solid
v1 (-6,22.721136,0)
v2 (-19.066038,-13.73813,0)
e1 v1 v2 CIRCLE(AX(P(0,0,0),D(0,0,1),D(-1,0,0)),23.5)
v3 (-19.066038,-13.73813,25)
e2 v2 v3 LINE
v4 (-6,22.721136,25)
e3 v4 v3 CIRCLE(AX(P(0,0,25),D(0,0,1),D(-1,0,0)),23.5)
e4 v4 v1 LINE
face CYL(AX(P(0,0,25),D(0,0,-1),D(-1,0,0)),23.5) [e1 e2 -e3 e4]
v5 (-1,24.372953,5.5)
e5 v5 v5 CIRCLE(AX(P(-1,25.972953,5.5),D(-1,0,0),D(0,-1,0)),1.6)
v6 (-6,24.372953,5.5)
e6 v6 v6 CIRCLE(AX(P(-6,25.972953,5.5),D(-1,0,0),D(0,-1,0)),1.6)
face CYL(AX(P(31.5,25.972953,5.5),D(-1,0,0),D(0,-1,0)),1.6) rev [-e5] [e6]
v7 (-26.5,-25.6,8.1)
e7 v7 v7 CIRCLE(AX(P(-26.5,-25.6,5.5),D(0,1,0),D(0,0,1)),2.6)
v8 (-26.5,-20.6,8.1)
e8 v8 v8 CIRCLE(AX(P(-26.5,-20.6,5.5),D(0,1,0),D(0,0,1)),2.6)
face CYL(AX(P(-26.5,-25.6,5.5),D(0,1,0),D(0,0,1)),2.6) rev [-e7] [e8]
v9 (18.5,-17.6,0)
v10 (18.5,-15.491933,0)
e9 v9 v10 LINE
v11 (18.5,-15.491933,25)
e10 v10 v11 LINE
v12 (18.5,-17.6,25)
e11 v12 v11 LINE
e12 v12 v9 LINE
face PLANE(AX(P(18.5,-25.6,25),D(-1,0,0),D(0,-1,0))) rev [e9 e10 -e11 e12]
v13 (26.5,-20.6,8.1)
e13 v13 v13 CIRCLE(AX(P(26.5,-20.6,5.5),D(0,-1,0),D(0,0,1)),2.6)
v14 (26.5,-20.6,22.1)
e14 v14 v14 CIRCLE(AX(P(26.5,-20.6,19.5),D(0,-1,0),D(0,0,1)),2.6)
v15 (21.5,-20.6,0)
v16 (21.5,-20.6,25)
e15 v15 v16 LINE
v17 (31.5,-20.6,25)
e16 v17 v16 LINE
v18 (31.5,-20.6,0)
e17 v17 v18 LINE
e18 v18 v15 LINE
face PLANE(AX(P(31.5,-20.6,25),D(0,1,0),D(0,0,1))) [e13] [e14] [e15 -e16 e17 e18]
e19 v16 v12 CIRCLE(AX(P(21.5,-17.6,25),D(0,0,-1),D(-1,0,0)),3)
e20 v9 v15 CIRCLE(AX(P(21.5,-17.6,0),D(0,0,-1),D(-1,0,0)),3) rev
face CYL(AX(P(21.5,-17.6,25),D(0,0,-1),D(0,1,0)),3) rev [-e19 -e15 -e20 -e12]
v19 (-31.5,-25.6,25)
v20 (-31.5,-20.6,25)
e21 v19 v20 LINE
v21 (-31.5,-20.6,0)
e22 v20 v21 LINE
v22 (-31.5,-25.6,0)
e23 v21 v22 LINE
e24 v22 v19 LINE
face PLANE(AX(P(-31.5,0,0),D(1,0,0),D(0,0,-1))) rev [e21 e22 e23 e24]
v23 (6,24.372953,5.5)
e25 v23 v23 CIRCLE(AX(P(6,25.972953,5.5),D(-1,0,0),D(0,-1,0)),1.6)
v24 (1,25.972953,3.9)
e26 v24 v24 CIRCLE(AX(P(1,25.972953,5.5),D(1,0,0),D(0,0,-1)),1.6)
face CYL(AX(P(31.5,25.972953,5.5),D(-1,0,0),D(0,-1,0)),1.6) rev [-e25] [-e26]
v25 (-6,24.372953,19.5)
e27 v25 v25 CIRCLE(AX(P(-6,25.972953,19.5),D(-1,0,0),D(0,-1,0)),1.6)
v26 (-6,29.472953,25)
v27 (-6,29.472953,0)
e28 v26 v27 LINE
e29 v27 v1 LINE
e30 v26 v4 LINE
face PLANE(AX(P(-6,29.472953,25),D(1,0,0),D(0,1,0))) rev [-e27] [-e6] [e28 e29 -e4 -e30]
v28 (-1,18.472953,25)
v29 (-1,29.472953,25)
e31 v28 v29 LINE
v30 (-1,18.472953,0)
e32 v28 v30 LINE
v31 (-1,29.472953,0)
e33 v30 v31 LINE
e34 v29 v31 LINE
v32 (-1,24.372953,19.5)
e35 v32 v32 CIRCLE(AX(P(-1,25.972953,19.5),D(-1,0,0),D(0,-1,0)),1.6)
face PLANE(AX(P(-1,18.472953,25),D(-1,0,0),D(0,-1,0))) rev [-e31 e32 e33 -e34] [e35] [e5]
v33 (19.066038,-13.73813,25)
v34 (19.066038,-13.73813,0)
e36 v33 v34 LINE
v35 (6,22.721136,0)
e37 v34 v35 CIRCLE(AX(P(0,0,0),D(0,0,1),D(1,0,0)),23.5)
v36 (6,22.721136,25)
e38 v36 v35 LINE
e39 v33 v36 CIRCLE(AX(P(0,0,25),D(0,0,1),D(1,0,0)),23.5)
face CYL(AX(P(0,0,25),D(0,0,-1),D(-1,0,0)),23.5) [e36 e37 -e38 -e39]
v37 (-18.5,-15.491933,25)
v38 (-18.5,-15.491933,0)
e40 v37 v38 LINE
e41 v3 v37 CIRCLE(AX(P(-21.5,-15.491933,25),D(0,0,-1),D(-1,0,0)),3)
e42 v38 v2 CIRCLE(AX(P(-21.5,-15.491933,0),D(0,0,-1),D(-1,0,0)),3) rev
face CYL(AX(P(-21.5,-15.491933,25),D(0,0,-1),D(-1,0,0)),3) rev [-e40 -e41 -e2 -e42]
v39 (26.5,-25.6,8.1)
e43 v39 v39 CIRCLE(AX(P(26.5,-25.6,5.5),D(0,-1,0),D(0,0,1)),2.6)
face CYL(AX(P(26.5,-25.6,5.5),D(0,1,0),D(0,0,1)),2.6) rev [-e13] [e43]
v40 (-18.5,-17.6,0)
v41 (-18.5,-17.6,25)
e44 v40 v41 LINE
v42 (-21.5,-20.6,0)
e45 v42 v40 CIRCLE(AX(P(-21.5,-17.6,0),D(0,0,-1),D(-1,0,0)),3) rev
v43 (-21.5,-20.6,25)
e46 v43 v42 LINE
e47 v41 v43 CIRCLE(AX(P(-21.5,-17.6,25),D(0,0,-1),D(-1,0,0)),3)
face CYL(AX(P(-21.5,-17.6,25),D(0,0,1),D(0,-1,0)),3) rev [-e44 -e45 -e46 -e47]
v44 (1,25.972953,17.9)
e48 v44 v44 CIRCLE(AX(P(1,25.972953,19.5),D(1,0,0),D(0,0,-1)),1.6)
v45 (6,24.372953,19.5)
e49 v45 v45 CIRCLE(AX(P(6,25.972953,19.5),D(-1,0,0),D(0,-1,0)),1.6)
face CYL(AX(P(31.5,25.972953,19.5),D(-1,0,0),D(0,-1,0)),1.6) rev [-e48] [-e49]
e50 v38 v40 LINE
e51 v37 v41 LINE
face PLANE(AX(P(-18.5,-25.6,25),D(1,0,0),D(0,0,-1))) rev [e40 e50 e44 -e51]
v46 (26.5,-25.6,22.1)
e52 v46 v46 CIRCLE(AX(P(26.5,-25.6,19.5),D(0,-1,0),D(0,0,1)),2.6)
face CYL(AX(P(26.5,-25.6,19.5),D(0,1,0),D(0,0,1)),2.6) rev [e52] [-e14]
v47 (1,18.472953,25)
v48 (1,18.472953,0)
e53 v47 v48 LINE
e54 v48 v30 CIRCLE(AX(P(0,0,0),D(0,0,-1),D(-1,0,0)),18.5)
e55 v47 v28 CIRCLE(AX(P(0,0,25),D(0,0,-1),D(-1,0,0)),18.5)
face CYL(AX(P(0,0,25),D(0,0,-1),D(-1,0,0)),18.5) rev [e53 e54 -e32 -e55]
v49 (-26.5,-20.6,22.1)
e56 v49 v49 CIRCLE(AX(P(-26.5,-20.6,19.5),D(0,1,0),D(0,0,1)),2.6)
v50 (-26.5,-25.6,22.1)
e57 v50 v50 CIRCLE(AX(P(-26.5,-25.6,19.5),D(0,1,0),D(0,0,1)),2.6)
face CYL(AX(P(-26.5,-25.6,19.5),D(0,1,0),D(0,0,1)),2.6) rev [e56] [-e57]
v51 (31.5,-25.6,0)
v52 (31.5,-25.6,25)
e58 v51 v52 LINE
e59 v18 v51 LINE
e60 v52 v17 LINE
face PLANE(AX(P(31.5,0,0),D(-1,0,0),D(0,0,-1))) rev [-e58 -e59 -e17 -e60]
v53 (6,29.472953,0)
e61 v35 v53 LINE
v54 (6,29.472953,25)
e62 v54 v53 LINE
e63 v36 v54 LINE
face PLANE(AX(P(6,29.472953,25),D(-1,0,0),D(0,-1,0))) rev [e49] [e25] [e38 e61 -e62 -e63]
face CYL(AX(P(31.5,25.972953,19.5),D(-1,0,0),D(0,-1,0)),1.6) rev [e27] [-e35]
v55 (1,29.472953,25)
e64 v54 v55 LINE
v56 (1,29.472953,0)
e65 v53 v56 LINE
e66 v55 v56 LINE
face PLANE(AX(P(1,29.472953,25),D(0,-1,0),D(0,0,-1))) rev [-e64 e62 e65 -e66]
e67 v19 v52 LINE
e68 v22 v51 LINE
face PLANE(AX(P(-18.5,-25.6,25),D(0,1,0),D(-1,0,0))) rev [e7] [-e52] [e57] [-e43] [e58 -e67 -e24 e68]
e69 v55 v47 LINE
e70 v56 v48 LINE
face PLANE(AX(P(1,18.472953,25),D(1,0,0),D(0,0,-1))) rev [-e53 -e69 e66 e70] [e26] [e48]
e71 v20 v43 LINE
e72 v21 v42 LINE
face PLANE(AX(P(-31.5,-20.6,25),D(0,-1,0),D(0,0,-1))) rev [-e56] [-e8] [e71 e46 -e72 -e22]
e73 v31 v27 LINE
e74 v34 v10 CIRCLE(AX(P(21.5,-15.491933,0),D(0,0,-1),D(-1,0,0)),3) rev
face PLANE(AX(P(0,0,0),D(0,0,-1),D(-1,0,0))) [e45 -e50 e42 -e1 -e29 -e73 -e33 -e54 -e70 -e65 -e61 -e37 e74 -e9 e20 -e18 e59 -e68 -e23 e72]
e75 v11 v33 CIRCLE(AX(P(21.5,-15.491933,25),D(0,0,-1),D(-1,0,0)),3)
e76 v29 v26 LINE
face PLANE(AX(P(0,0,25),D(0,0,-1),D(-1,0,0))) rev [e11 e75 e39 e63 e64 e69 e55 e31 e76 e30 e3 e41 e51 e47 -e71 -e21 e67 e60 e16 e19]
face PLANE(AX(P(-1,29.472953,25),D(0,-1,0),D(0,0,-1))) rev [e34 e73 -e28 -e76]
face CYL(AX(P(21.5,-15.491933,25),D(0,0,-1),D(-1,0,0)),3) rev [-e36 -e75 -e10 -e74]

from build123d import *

# Parameters (mm, degrees)
BOSS_EXTRUDE1_DEPTH = 25
SKETCH2_W           = 25
SKETCH2_H           = 5
BOSS_EXTRUDE2_DEPTH = 13
FILLET1_R           = 3
SKETCH3_R           = 2.6
CUT_EXTRUDE1_DEPTH  = 65.222664554
FILLET2_R           = 3
SKETCH4_R           = 1.6
CUT_EXTRUDE2_DEPTH  = 54.850765737


with BuildPart() as part:
    # Sketch1 → Boss-Extrude1 (new body)
    with BuildSketch(Plane.XY):
        with BuildLine():
            Line((-18.5, -25.6), (18.5, -25.6))
            Line((18.5, -25.6), (18.5, -14.491376746))
            ThreePointArc((18.5, -14.491376746), (22.27678764, 7.482962811), (6, 22.721135535))
            Line((6, 22.721135535), (6, 29.472953202))
            Line((6, 29.472953202), (1, 29.472953202))
            Line((1, 29.472953202), (1, 18.472953202))
            ThreePointArc((1, 18.472953202), (0, -18.5), (-1, 18.472953202))
            Line((-1, 18.472953202), (-1, 29.472953202))
            Line((-1, 29.472953202), (-6, 29.472953202))
            Line((-6, 29.472953202), (-6, 22.721135535))
            ThreePointArc((-6, 22.721135535), (-22.27678764, 7.482962811), (-18.5, -14.491376746))
            Line((-18.5, -14.491376746), (-18.5, -25.6))
        make_face()
    extrude(amount=BOSS_EXTRUDE1_DEPTH)

    # Sketch2 → Boss-Extrude2 (add)
    with BuildSketch(Plane.ZY.offset(18.5)):
        with Locations((12.5, -23.1)):
            Rectangle(SKETCH2_W, SKETCH2_H)
    boss_extrude2 = extrude(amount=BOSS_EXTRUDE2_DEPTH)

    # Fillet1
    fillet1_edges = [part.edges().sort_by_distance(p)[0] for p in [
        (-18.5, -14.491376746, 12.5),
        (-18.5, -20.6, 12.5),
    ]]
    fillet(fillet1_edges, radius=FILLET1_R)

    # Sketch3 → Cut-Extrude1 (cut, through all)
    with BuildSketch(Plane(origin=(0, -20.6, 0), x_dir=(1, 0, 0), z_dir=(0, 1, 0))):
        with Locations(Location((-26.5, -19.5, 0), (0, 0, 270))):
            Circle(SKETCH3_R)
        with Locations(Location((-26.5, -5.5, 0), (0, 0, 270))):
            Circle(SKETCH3_R)
    cut_extrude1 = extrude(amount=-CUT_EXTRUDE1_DEPTH, mode=Mode.SUBTRACT)

    # Mirror3: Boss-Extrude2, Cut-Extrude1 across plane
    add(boss_extrude2.mirror(Plane(origin=(0, 0, 0), x_dir=(0, 0, 1), z_dir=(1, 0, 0))))
    add(cut_extrude1.mirror(Plane(origin=(0, 0, 0), x_dir=(0, 0, 1), z_dir=(1, 0, 0))), mode=Mode.SUBTRACT)

    # Fillet2
    fillet2_edges = [part.edges().sort_by_distance(p)[0] for p in [
        (18.5, -14.491376746, 12.5),
        (18.5, -20.6, 12.5),
    ]]
    fillet(fillet2_edges, radius=FILLET2_R)

    # Sketch4 → Cut-Extrude2 (cut, through all)
    with BuildSketch(Plane.ZY.offset(6)):
        with Locations(Location((19.5, 25.972953202, 0), (0, 0, 270))):
            Circle(SKETCH4_R)
        with Locations(Location((5.5, 25.972953202, 0), (0, 0, 270))):
            Circle(SKETCH4_R)
    extrude(amount=-CUT_EXTRUDE2_DEPTH, mode=Mode.SUBTRACT)


solid = part.part
